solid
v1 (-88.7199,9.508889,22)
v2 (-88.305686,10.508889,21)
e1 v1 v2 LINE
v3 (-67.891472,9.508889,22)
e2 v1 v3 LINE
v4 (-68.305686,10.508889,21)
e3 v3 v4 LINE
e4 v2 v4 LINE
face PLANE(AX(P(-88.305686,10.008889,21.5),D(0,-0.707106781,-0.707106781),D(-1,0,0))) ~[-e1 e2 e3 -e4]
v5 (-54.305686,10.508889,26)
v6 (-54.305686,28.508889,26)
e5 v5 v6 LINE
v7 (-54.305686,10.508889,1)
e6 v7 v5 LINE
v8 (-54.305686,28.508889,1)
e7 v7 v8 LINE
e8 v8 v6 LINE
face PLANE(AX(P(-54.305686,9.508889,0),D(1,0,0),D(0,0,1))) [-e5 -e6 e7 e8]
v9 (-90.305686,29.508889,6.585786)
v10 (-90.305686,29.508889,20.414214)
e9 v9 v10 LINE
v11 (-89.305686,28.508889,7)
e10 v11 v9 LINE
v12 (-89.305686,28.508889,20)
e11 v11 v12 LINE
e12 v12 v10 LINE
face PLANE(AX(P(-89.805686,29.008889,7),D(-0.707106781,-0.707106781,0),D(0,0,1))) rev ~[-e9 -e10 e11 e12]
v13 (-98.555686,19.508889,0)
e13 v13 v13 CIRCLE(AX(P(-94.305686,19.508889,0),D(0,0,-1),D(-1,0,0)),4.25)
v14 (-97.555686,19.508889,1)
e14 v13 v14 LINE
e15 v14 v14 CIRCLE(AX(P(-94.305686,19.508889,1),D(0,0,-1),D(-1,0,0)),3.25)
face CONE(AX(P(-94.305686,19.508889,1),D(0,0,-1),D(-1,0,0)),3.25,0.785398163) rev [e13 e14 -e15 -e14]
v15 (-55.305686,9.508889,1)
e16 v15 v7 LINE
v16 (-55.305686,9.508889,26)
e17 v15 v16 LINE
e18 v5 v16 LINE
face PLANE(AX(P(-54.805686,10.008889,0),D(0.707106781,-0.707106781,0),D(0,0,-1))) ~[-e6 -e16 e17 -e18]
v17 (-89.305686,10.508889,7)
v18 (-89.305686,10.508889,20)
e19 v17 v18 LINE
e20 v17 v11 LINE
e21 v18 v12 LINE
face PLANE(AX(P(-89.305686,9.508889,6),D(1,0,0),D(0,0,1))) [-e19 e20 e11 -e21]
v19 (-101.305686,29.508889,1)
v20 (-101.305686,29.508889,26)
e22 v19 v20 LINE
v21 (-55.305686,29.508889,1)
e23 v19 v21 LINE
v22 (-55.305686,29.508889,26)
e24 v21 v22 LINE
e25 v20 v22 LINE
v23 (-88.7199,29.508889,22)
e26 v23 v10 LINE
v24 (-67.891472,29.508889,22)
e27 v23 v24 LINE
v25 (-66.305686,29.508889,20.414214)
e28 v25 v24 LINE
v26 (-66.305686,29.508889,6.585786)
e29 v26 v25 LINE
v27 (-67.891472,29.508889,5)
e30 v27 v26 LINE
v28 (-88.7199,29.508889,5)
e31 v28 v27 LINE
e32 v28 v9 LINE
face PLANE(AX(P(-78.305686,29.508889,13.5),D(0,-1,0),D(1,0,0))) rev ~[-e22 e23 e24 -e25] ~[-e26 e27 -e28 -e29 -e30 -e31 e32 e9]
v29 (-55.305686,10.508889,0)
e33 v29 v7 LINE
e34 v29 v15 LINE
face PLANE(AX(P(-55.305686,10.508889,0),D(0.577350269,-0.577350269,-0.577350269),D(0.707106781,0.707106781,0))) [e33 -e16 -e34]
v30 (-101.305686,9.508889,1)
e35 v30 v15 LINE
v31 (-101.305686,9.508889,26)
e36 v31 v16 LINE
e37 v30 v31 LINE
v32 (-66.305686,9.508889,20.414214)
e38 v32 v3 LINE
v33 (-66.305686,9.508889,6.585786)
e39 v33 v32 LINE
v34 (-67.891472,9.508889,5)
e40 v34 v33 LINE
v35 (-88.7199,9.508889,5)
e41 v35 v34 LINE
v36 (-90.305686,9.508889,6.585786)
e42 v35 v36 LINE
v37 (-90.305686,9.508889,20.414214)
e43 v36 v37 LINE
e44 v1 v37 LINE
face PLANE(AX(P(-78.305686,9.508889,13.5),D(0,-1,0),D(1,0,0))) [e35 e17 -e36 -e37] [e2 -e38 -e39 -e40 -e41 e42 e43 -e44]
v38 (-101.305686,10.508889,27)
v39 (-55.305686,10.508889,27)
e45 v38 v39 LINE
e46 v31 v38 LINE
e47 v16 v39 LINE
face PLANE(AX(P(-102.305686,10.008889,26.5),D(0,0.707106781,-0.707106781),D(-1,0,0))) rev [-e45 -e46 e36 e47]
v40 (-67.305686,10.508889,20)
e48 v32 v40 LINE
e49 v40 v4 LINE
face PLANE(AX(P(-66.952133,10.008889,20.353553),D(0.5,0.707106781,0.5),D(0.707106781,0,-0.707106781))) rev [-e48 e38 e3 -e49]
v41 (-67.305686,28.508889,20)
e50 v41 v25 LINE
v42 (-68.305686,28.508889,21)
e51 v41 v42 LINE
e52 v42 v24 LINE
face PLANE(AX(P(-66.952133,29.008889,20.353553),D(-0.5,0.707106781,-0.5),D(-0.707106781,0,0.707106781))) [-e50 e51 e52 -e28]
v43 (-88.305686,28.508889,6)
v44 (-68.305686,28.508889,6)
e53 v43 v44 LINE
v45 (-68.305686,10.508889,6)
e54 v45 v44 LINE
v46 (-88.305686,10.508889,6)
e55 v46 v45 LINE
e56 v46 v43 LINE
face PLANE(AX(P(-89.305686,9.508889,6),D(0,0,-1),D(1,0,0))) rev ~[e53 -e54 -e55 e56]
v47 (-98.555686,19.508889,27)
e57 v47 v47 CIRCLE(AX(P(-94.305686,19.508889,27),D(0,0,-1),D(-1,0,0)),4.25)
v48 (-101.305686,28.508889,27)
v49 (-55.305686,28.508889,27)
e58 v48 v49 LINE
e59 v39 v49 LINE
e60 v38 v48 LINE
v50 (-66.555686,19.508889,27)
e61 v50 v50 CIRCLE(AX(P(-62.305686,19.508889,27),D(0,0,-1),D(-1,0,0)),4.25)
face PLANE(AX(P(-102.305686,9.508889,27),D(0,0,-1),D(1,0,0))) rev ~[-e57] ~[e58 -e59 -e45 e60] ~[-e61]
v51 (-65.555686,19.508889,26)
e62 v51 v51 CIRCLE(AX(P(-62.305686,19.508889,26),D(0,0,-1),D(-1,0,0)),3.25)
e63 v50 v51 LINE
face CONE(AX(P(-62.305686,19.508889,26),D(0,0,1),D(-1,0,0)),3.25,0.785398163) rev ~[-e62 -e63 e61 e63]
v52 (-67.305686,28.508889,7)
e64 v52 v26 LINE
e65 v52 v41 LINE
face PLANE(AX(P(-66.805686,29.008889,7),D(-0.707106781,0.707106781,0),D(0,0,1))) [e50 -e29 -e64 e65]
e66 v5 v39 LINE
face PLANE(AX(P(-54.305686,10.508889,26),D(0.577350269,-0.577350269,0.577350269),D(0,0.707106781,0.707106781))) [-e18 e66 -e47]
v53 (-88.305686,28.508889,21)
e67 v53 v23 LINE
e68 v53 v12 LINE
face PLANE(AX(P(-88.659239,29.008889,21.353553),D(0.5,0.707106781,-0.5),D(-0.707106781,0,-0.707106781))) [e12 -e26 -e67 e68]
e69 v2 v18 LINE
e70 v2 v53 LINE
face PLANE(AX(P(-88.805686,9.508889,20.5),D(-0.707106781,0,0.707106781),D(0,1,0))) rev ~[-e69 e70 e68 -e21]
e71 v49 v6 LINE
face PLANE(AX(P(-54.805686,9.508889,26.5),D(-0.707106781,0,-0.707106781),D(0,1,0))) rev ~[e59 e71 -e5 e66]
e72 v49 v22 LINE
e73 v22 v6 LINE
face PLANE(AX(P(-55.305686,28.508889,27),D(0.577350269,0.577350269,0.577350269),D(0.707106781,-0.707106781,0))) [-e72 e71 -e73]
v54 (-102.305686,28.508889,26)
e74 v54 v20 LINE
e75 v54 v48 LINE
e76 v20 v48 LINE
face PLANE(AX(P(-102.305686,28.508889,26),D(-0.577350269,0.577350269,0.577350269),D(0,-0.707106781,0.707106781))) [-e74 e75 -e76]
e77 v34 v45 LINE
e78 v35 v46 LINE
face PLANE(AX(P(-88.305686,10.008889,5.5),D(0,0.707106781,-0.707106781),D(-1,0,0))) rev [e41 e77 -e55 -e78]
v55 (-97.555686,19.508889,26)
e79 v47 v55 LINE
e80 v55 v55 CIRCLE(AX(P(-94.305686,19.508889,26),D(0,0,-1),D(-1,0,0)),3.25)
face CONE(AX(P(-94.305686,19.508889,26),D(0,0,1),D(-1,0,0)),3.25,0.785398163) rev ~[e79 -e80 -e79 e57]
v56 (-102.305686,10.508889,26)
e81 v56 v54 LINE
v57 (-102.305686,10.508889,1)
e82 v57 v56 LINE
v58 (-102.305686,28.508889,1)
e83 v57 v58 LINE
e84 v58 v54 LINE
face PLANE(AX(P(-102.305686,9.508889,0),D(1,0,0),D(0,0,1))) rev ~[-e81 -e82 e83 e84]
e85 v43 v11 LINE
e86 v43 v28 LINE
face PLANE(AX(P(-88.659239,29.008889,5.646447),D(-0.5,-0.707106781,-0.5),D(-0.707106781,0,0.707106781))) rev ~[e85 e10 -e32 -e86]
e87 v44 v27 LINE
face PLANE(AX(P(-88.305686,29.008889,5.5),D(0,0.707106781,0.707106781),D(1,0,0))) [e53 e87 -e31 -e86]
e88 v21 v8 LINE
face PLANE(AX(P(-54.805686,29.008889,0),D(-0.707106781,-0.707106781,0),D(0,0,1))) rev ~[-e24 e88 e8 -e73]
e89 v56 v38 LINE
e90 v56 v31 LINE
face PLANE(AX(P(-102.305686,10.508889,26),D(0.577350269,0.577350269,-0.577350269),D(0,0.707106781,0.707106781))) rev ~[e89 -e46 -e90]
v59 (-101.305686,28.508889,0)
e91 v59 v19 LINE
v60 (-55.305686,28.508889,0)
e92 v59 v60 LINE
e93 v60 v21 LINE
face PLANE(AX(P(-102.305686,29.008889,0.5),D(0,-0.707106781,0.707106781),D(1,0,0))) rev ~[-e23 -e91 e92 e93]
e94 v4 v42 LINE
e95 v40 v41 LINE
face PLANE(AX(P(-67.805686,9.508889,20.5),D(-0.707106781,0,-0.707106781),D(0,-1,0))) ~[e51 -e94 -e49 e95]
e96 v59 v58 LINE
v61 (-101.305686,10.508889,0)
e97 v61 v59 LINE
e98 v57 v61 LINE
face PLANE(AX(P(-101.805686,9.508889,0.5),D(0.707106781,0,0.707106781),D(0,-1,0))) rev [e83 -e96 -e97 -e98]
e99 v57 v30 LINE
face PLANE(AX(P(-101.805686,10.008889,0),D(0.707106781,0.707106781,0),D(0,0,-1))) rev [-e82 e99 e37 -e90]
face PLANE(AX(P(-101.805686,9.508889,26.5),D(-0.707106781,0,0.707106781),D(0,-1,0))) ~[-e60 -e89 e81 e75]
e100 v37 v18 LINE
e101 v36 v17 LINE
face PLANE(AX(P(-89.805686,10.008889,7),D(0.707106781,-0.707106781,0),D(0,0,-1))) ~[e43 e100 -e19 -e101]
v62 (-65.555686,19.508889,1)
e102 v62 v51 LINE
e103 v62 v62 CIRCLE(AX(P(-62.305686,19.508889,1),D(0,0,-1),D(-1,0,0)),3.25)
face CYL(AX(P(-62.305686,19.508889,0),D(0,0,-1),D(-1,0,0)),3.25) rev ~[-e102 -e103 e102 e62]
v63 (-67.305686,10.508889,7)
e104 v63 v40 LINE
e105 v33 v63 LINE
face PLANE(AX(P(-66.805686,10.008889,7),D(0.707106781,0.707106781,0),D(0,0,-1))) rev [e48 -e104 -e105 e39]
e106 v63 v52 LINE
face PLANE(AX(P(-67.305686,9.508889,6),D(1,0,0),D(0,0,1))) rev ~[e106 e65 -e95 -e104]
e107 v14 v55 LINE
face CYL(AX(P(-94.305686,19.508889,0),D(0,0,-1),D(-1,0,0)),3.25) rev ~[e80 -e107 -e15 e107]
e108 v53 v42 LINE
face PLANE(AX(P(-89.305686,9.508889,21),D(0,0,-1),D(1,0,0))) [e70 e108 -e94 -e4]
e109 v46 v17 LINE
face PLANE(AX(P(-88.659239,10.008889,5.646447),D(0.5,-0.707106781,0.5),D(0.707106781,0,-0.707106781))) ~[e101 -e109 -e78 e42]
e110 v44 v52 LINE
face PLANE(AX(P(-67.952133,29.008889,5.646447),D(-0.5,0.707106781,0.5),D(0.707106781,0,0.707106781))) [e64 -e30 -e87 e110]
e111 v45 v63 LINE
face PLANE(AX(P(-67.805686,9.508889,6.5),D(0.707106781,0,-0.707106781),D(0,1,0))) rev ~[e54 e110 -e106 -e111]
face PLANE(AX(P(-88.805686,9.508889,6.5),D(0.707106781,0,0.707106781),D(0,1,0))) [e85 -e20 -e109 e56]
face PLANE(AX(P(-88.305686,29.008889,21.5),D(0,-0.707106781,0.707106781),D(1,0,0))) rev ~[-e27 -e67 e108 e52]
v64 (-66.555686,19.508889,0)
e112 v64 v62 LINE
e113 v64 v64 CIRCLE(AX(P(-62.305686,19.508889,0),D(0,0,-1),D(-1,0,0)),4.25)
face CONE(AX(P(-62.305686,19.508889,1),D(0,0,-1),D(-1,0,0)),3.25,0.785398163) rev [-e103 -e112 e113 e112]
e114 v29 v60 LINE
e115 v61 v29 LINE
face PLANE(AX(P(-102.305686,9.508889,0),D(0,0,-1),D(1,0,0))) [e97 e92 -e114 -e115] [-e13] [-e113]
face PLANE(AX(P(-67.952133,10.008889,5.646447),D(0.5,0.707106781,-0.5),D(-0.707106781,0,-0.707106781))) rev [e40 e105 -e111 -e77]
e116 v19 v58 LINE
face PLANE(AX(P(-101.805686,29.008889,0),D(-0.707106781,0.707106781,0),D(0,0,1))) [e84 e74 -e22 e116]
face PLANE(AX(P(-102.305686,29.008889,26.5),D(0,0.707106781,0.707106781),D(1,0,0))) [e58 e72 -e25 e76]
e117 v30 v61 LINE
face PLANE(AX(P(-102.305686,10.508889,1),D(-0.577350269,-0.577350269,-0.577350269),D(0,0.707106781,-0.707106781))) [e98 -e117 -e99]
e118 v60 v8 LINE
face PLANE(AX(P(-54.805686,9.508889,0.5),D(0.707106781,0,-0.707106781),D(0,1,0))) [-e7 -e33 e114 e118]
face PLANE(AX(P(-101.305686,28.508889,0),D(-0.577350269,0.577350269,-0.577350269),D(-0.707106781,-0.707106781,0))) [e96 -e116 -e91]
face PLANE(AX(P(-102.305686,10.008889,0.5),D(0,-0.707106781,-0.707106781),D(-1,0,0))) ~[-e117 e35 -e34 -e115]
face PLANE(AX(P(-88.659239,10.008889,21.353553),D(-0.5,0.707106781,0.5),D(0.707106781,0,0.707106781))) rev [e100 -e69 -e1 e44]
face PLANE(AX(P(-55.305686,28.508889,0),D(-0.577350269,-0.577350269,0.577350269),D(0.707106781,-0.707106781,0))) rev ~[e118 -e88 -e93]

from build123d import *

# Parameters (mm, degrees)
SKETCH1_W           = 48
SKETCH1_H           = 27
BOSS_EXTRUDE1_DEPTH = 20
SKETCH2_W           = 22
SKETCH2_H           = 15
CUT_EXTRUDE1_DEPTH  = 108.682186993
SKETCH11_R          = 3.25
CUT_EXTRUDE2_DEPTH  = 110.846383385
CHAMFER2_SIZE       = 1
CHAMFER1_SIZE       = 1


with BuildPart() as part:
    # Sketch1 → Boss-Extrude1 (new body)
    with BuildSketch(Plane.XZ.offset(-9.508889291)):
        with Locations((-78.305686037, 13.5)):
            Rectangle(SKETCH1_W, SKETCH1_H)
    extrude(amount=-BOSS_EXTRUDE1_DEPTH)

    # Sketch2 → Cut-Extrude1 (cut, through all)
    with BuildSketch(Plane.XZ.offset(-9.508889291)):
        with Locations((-78.305686037, 13.5)):
            Rectangle(SKETCH2_W, SKETCH2_H)
    extrude(amount=-CUT_EXTRUDE1_DEPTH, mode=Mode.SUBTRACT)

    # Sketch11 → Cut-Extrude2 (cut, through all)
    with BuildSketch(Plane(origin=(0, 0, 0), x_dir=(-1, 0, 0), z_dir=(0, 0, -1))):
        with Locations((94.305686037, 19.508889291)):
            Circle(SKETCH11_R)
        with Locations((62.305686037, 19.508889291)):
            Circle(SKETCH11_R)
    extrude(amount=-CUT_EXTRUDE2_DEPTH, mode=Mode.SUBTRACT)

    # Chamfer2
    chamfer2_edges = [part.edges().sort_by_distance(p)[0] for p in [
        (-89.305686037, 19.508889291, 21),
        (-67.305686037, 19.508889291, 21),
        (-67.305686037, 19.508889291, 6),
        (-89.305686037, 19.508889291, 6),
    ]]
    chamfer(chamfer2_edges, length=CHAMFER2_SIZE)

    # Chamfer1
    chamfer1_edges = [part.edges().sort_by_distance(p)[0] for p in [
        (-54.305686037, 29.508889291, 13.5),
        (-78.305686037, 29.508889291, 27),
        (-91.055686037, 19.508889291, 27),
        (-91.055686037, 19.508889291, 0),
        (-59.055686037, 19.508889291, 27),
        (-59.055686037, 19.508889291, 0),
        (-78.305686037, 9.508889291, 6),
        (-78.305686037, 29.508889291, 6),
        (-89.305686037, 9.508889291, 13.5),
        (-102.305686037, 29.508889291, 13.5),
        (-89.305686037, 29.508889291, 13.5),
        (-67.305686037, 9.508889291, 13.5),
        (-67.305686037, 29.508889291, 13.5),
        (-78.305686037, 9.508889291, 21),
        (-78.305686037, 29.508889291, 21),
        (-78.305686037, 9.508889291, 27),
        (-88.805686037, 9.508889291, 6.5),
        (-88.805686037, 29.508889291, 6.5),
        (-67.805686037, 9.508889291, 6.5),
        (-67.805686037, 29.508889291, 6.5),
        (-67.805686037, 9.508889291, 20.5),
        (-67.805686037, 29.508889291, 20.5),
        (-88.805686037, 9.508889291, 20.5),
        (-54.305686037, 9.508889291, 13.5),
        (-88.805686037, 29.508889291, 20.5),
        (-78.305686037, 9.508889291, 0),
        (-102.305686037, 9.508889291, 13.5),
        (-78.305686037, 29.508889291, 0),
        (-102.305686037, 19.508889291, 27),
        (-54.305686037, 19.508889291, 27),
        (-54.305686037, 19.508889291, 0),
        (-102.305686037, 19.508889291, 0),
    ]]
    chamfer(chamfer1_edges, length=CHAMFER1_SIZE)


solid = part.part
